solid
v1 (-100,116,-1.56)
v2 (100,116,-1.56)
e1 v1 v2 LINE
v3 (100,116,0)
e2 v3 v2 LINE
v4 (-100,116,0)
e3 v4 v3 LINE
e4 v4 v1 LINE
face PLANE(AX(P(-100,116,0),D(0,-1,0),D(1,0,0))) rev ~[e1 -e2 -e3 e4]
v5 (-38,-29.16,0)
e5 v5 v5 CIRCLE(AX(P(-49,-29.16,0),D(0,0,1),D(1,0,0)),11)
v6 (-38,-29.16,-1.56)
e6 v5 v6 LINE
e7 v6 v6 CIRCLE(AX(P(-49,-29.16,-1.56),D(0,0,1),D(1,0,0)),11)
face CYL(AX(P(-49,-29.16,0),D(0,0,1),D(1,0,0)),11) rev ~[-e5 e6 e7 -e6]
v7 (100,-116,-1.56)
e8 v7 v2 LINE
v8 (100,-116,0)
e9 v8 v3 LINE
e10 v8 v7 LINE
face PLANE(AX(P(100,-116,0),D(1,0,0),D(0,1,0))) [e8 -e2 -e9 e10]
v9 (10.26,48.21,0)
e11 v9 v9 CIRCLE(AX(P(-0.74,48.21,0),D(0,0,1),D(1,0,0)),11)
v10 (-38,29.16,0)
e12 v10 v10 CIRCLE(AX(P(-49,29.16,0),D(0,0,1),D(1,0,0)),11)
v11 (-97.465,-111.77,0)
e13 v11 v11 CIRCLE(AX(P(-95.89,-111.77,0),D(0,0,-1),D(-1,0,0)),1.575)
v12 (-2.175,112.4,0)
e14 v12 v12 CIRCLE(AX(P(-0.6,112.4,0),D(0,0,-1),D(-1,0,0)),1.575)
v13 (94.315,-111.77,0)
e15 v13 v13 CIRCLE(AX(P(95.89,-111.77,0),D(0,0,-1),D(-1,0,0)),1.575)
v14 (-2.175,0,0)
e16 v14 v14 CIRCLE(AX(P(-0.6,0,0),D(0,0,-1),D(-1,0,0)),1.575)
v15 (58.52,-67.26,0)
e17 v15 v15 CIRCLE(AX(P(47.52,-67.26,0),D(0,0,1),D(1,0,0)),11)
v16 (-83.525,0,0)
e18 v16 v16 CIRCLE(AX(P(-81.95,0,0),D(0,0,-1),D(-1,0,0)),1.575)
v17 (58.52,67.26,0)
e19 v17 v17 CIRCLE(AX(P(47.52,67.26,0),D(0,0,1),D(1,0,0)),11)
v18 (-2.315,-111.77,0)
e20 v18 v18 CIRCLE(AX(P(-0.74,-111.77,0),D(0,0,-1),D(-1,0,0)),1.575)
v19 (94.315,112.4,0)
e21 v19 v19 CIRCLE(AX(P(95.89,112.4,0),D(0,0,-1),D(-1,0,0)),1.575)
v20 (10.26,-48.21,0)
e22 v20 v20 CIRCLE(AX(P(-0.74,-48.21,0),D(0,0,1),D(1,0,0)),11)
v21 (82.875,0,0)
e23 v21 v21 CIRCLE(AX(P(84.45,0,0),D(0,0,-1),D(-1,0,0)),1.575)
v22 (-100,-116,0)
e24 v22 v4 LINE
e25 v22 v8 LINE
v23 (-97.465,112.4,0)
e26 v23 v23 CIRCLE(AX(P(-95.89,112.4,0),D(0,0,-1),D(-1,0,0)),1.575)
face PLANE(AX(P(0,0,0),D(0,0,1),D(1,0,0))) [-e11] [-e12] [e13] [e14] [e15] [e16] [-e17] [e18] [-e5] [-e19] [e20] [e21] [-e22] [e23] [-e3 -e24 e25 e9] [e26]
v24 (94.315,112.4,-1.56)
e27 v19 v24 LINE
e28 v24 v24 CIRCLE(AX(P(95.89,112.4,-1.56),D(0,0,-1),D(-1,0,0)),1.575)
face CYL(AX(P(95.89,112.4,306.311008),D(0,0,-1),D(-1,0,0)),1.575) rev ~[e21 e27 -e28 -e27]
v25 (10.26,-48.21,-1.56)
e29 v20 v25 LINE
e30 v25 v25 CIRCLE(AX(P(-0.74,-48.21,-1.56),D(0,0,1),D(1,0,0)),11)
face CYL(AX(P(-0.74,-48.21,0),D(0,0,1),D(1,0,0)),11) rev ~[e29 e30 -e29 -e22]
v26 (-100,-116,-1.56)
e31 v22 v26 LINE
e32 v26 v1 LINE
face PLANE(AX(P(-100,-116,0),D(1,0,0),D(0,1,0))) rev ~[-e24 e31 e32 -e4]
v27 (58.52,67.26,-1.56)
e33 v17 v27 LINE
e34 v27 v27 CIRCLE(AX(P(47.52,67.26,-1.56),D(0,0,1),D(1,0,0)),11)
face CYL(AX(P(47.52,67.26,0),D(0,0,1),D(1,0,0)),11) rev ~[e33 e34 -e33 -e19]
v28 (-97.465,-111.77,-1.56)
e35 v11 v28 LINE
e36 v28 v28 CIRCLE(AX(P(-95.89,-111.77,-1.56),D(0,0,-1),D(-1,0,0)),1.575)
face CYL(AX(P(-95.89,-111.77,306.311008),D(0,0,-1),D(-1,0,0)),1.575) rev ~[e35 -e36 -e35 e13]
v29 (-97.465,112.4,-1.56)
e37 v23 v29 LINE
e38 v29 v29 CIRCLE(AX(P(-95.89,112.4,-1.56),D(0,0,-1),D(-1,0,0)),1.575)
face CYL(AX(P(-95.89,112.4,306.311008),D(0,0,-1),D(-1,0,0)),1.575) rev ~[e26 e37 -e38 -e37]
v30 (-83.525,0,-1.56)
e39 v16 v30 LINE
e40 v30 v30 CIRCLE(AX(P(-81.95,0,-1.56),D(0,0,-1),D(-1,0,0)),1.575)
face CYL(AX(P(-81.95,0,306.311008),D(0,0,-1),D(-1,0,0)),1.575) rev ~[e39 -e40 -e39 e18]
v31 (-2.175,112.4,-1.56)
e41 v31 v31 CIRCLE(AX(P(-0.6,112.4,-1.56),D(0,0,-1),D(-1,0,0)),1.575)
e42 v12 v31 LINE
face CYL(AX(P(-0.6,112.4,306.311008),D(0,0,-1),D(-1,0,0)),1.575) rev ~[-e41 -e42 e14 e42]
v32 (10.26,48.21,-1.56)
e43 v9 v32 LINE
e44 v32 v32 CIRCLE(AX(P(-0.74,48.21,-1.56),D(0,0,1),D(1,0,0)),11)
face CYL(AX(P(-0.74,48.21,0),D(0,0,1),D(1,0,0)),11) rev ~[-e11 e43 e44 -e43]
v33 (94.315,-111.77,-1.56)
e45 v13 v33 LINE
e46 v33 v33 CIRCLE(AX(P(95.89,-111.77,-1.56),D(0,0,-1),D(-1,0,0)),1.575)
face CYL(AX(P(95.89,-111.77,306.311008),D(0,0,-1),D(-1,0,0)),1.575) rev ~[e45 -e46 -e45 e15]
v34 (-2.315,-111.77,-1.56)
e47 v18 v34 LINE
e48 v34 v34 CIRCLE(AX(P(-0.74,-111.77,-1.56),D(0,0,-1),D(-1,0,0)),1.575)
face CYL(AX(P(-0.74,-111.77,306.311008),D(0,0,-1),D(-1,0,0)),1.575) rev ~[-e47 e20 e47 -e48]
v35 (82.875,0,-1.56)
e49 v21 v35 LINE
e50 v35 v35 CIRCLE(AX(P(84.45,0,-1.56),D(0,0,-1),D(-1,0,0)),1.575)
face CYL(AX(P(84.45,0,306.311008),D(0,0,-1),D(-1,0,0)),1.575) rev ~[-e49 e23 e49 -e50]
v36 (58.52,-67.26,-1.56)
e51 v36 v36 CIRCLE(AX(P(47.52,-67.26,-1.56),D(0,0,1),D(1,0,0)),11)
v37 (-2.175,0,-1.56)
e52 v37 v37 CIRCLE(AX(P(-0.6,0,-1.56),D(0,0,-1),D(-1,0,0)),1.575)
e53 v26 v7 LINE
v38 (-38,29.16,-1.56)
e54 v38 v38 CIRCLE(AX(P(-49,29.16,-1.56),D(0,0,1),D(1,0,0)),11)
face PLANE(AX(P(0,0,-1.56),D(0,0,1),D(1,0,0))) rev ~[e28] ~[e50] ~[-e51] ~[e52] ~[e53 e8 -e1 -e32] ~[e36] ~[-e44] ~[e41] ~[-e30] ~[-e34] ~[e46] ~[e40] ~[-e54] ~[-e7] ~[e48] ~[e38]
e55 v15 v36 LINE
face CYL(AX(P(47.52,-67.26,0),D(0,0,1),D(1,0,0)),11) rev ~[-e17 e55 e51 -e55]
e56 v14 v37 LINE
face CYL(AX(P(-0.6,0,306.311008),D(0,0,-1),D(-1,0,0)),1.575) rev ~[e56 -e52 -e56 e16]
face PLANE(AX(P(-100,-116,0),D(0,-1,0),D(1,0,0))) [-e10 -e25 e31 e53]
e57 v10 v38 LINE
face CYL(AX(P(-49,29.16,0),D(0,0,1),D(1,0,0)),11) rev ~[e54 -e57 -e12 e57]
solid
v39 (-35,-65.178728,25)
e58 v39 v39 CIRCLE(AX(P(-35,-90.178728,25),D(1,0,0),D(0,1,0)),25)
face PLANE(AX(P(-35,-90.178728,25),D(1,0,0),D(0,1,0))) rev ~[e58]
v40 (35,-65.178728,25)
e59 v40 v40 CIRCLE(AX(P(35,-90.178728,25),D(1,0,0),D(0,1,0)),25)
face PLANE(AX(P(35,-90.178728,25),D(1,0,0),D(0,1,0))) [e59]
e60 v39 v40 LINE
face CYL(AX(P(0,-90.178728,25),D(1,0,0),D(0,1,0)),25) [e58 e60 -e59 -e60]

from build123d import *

# Parameters (mm, degrees)
F0_W     = 200
F0_H     = 232
F0_R     = 11
F1_DEPTH = 1.56
F2_D     = 3.15
F3_D     = 3.15
F4_R     = 25
F5_DEPTH = 35


with BuildPart() as f1:
    # F0 (on Top) → F1 (new body)
    with BuildSketch(Plane.XY):
        Rectangle(F0_W, F0_H)
        with Locations((-49, -29.16)):
            Circle(F0_R, mode=Mode.SUBTRACT)
        with Locations((-0.74, -48.21)):
            Circle(F0_R, mode=Mode.SUBTRACT)
        with Locations((47.52, -67.26)):
            Circle(F0_R, mode=Mode.SUBTRACT)
        with Locations((-49, 29.16)):
            Circle(F0_R, mode=Mode.SUBTRACT)
        with Locations((-0.74, 48.21)):
            Circle(F0_R, mode=Mode.SUBTRACT)
        with Locations((47.52, 67.26)):
            Circle(F0_R, mode=Mode.SUBTRACT)
    extrude(amount=-F1_DEPTH)

    # F2 (through all)
    with Locations(Plane.XY):
        with Locations((-95.89, 112.4)):
            Hole(F2_D / 2)

    # F3 (through all)
    with Locations(Plane.XY):
        with Locations((-0.6, 112.4), (95.89, 112.4), (84.45, 0), (-81.95, 0), (-0.6, 0), (-0.74, -111.77), (-95.89, -111.77), (95.89, -111.77)):
            Hole(F3_D / 2)


with BuildPart() as f5:
    # F4 (on Right) → F5 (new body, symmetric)
    with BuildSketch(Plane.YZ):
        with Locations((-90.178728, 25)):
            Circle(F4_R)
    extrude(amount=F5_DEPTH, both=True)


solid = Compound([f1.part, f5.part])
